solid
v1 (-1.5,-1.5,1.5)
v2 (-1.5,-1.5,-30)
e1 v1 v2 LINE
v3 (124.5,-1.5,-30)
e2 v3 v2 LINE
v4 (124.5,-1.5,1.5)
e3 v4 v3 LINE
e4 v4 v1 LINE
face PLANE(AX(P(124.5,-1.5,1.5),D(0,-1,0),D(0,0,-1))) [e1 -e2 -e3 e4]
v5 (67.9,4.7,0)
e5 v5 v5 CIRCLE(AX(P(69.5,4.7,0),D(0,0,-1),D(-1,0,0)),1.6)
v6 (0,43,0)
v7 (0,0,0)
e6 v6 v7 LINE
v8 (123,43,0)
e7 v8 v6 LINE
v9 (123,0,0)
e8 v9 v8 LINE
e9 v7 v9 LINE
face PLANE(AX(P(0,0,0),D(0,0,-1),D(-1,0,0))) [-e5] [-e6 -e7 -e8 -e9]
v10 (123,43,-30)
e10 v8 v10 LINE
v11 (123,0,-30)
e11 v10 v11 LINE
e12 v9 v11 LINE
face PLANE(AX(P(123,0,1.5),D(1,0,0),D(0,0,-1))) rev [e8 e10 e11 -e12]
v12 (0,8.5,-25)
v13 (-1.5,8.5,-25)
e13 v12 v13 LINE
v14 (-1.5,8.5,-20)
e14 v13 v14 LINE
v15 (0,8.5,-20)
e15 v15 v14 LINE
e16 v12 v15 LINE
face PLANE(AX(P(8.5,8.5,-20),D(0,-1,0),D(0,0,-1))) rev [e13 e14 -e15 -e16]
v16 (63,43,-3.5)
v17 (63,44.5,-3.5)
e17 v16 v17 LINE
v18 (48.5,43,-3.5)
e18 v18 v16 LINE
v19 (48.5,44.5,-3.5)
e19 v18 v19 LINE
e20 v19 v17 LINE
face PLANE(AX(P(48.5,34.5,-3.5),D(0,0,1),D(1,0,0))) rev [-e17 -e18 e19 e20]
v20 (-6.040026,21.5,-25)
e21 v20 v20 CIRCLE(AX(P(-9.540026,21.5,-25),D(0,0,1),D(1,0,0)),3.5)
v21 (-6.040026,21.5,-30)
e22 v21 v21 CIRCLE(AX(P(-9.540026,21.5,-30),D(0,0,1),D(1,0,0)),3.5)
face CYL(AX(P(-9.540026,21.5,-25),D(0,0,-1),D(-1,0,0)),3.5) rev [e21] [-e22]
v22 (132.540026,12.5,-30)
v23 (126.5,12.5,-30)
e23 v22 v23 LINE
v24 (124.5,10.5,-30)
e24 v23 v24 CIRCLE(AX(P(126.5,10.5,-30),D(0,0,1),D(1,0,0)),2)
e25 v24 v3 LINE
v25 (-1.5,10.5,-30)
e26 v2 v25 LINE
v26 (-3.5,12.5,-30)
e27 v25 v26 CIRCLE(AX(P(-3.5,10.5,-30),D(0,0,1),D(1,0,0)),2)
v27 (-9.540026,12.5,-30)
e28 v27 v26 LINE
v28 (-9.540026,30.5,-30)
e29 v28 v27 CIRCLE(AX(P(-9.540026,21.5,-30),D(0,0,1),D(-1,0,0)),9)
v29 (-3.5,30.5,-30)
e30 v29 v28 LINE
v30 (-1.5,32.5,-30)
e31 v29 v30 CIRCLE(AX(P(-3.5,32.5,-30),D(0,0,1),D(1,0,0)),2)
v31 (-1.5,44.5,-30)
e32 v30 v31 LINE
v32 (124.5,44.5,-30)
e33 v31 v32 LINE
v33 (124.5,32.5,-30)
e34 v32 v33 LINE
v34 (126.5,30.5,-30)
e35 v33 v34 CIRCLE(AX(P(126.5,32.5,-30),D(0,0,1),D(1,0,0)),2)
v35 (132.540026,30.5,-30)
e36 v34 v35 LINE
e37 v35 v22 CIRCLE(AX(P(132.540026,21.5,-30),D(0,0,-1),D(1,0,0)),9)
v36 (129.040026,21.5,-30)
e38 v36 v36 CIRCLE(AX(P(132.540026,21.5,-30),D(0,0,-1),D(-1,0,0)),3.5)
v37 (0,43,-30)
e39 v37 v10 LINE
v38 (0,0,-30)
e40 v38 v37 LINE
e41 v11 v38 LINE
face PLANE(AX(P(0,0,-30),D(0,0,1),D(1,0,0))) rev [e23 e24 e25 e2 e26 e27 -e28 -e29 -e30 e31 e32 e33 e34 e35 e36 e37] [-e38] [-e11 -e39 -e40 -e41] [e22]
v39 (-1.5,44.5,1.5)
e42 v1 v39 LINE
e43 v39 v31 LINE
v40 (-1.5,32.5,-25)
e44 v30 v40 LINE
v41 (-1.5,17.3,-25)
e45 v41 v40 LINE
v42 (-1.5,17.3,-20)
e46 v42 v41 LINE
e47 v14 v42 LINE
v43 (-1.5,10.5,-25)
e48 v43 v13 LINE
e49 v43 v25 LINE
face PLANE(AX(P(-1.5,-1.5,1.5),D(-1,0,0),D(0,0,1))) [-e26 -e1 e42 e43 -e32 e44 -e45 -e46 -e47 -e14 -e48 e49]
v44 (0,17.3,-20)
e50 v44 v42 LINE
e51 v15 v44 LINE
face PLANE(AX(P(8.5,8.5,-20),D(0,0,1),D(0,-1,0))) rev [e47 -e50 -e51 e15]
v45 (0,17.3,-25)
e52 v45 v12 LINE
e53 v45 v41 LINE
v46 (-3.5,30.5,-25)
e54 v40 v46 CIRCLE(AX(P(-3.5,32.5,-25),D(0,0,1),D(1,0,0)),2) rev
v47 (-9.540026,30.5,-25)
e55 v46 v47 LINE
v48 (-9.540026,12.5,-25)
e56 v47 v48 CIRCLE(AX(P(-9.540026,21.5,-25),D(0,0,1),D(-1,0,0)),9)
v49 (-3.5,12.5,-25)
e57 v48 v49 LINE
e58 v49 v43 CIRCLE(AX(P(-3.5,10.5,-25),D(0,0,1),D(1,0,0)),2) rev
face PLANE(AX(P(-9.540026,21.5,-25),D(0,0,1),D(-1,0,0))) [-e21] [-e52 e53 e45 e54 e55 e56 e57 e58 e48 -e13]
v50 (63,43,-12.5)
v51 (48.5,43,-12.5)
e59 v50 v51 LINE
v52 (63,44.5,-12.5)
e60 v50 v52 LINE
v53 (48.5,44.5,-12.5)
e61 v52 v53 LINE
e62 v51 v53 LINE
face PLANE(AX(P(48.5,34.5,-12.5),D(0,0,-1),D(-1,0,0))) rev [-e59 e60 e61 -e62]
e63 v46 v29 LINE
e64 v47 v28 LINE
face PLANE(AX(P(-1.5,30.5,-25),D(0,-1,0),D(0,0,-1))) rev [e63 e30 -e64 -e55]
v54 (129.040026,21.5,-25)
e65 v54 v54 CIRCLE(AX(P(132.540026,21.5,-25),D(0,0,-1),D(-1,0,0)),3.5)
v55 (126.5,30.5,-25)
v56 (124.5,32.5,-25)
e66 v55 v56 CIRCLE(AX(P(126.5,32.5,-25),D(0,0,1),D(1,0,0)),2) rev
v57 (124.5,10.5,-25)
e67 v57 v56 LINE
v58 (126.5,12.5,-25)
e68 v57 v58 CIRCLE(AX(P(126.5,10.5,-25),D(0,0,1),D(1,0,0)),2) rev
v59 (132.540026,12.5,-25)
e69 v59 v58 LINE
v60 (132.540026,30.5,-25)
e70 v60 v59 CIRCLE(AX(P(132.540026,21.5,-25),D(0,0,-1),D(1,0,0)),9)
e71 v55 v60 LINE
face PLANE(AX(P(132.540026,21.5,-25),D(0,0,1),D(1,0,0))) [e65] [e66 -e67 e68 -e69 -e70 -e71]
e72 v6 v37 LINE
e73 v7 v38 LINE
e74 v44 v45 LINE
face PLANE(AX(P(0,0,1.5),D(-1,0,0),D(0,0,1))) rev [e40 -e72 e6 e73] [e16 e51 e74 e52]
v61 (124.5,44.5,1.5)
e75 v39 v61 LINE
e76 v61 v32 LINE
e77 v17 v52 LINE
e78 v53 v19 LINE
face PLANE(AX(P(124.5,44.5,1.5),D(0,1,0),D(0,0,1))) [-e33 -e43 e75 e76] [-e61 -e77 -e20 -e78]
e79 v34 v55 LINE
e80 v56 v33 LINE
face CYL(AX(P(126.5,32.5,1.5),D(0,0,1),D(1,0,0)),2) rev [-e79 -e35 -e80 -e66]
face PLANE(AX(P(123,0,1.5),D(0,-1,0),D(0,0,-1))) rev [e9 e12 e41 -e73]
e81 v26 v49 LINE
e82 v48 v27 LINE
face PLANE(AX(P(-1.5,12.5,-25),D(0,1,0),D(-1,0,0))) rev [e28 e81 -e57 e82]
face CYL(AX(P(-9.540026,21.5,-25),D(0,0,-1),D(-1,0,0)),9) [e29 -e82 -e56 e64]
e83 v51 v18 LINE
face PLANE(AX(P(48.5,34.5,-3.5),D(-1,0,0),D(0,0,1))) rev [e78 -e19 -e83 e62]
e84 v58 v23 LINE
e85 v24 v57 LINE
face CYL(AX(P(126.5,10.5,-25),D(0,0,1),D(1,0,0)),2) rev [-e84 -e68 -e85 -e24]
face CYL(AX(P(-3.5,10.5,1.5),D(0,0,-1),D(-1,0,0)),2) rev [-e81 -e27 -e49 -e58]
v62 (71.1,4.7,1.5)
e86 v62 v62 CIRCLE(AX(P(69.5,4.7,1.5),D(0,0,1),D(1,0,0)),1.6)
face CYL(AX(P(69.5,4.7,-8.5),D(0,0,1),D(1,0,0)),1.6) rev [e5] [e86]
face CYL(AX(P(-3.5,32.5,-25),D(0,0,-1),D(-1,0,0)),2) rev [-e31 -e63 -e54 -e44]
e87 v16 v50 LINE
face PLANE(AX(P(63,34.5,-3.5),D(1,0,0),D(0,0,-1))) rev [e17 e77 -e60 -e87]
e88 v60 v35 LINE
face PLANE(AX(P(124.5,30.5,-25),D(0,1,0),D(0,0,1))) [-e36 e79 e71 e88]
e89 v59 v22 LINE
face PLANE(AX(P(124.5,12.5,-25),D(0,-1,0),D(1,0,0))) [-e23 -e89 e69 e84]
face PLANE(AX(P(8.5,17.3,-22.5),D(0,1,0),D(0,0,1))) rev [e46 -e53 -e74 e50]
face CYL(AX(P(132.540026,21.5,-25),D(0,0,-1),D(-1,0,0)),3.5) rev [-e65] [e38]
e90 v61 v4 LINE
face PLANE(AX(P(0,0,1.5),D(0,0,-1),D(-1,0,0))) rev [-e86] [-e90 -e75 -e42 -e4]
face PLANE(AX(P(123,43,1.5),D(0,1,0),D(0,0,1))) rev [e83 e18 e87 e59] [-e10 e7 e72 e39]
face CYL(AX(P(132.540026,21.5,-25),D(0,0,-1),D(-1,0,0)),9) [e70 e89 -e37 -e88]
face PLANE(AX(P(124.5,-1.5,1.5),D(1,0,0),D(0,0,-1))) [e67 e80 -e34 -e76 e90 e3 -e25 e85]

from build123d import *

# Parameters (mm, degrees)
SKETCH_1_W           = 123
SKETCH_1_H           = 43
EXTRUDE_1_DEPTH      = 1.5
EXTRUDE_2_DEPTH      = 30
EXTRUDE_2_DEPTH_BACK = 1.5
SKETCH_2_W           = 126
SKETCH_2_H           = 46
SKETCH_2_W_2         = 123
SKETCH_2_H_2         = 43
SKETCH_3_R           = 3.5
EXTRUDE_3_DEPTH      = 5
SKETCH_5_R           = 1.6
CUT_EXTRUDE_1_DEPTH  = 10
CUT_EXTRUDE_2_DEPTH  = 10
SKETCH_7_W           = 14.5
SKETCH_7_H           = 9
CUT_EXTRUDE_3_DEPTH  = 10
FILLET_1_R           = 2


with BuildPart() as part:
    # Эскиз1 → Бобышка-Вытянуть1 (new body)
    with BuildSketch(Plane.XY):
        with Locations((61.5, 21.5)):
            Rectangle(SKETCH_1_W, SKETCH_1_H)
    extrude(amount=EXTRUDE_1_DEPTH)

    # Эскиз2 → Бобышка-Вытянуть2 (add, two sides: drawn at the far end of the back side and taken through both)
    with BuildSketch(Plane(origin=(0, 0, 0), x_dir=(-1, 0, 0), z_dir=(0, 0, -1)).offset(-EXTRUDE_2_DEPTH_BACK)):
        with Locations((-61.5, 21.5)):
            Rectangle(SKETCH_2_W, SKETCH_2_H)
        with Locations((-61.5, 21.5)):
            Rectangle(SKETCH_2_W_2, SKETCH_2_H_2, mode=Mode.SUBTRACT)
    extrude(amount=EXTRUDE_2_DEPTH + EXTRUDE_2_DEPTH_BACK)

    # Эскиз3 → Бобышка-Вытянуть3 (add)
    with BuildSketch(Plane(origin=(0, 0, -30), x_dir=(-1, 0, 0), z_dir=(0, 0, -1))):
        with BuildLine():
            Line((-124.5, 12.5), (-132.54002612, 12.5))
            ThreePointArc((-132.54002612, 12.5), (-141.54002612, 21.5), (-132.54002612, 30.5))
            Line((-132.54002612, 30.5), (-124.5, 30.5))
            Line((-124.5, 30.5), (-124.5, 12.5))
        make_face()
        with Locations((-132.54002612, 21.5)):
            Circle(SKETCH_3_R, mode=Mode.SUBTRACT)
    extrude_3 = extrude(amount=-EXTRUDE_3_DEPTH)

    # Зеркальное отражение1: Бобышка-Вытянуть3 across plane
    add(extrude_3.mirror(Plane(origin=(61.5, 0, 0), x_dir=(0, 0, 1), z_dir=(1, 0, 0))))

    # Эскиз5 → Вырез-Вытянуть1 (cut)
    with BuildSketch(Plane.XY.offset(1.5)):
        with Locations((69.5, 4.7)):
            Circle(SKETCH_5_R)
    extrude(amount=-CUT_EXTRUDE_1_DEPTH, mode=Mode.SUBTRACT)

    # Эскиз6 → Вырез-Вытянуть2 (cut)
    with BuildSketch(Plane.ZY.offset(1.5)):
        Polygon((-20, 17.3), (-22.5, 17.3), (-25, 17.3), (-25, 16.65), (-25, 9.65), (-25, 8.5), (-22.5, 8.5), (-20, 8.5), align=None)
    extrude(amount=-CUT_EXTRUDE_2_DEPTH, mode=Mode.SUBTRACT)

    # Эскиз7 → Вырез-Вытянуть3 (cut)
    with BuildSketch(Plane(origin=(0, 44.5, 0), x_dir=(1, 0, 0), z_dir=(0, 1, 0))):
        with Locations((55.75, 8)):
            Rectangle(SKETCH_7_W, SKETCH_7_H)
    extrude(amount=-CUT_EXTRUDE_3_DEPTH, mode=Mode.SUBTRACT)

    # Скругление1
    fillet_1_edges = [part.edges().sort_by_distance(p)[0] for p in [
        (124.5, 30.5, -27.5),
        (124.5, 12.5, -27.5),
        (-1.5, 12.5, -27.5),
        (-1.5, 30.5, -27.5),
    ]]
    fillet(fillet_1_edges, radius=FILLET_1_R)


solid = part.part
